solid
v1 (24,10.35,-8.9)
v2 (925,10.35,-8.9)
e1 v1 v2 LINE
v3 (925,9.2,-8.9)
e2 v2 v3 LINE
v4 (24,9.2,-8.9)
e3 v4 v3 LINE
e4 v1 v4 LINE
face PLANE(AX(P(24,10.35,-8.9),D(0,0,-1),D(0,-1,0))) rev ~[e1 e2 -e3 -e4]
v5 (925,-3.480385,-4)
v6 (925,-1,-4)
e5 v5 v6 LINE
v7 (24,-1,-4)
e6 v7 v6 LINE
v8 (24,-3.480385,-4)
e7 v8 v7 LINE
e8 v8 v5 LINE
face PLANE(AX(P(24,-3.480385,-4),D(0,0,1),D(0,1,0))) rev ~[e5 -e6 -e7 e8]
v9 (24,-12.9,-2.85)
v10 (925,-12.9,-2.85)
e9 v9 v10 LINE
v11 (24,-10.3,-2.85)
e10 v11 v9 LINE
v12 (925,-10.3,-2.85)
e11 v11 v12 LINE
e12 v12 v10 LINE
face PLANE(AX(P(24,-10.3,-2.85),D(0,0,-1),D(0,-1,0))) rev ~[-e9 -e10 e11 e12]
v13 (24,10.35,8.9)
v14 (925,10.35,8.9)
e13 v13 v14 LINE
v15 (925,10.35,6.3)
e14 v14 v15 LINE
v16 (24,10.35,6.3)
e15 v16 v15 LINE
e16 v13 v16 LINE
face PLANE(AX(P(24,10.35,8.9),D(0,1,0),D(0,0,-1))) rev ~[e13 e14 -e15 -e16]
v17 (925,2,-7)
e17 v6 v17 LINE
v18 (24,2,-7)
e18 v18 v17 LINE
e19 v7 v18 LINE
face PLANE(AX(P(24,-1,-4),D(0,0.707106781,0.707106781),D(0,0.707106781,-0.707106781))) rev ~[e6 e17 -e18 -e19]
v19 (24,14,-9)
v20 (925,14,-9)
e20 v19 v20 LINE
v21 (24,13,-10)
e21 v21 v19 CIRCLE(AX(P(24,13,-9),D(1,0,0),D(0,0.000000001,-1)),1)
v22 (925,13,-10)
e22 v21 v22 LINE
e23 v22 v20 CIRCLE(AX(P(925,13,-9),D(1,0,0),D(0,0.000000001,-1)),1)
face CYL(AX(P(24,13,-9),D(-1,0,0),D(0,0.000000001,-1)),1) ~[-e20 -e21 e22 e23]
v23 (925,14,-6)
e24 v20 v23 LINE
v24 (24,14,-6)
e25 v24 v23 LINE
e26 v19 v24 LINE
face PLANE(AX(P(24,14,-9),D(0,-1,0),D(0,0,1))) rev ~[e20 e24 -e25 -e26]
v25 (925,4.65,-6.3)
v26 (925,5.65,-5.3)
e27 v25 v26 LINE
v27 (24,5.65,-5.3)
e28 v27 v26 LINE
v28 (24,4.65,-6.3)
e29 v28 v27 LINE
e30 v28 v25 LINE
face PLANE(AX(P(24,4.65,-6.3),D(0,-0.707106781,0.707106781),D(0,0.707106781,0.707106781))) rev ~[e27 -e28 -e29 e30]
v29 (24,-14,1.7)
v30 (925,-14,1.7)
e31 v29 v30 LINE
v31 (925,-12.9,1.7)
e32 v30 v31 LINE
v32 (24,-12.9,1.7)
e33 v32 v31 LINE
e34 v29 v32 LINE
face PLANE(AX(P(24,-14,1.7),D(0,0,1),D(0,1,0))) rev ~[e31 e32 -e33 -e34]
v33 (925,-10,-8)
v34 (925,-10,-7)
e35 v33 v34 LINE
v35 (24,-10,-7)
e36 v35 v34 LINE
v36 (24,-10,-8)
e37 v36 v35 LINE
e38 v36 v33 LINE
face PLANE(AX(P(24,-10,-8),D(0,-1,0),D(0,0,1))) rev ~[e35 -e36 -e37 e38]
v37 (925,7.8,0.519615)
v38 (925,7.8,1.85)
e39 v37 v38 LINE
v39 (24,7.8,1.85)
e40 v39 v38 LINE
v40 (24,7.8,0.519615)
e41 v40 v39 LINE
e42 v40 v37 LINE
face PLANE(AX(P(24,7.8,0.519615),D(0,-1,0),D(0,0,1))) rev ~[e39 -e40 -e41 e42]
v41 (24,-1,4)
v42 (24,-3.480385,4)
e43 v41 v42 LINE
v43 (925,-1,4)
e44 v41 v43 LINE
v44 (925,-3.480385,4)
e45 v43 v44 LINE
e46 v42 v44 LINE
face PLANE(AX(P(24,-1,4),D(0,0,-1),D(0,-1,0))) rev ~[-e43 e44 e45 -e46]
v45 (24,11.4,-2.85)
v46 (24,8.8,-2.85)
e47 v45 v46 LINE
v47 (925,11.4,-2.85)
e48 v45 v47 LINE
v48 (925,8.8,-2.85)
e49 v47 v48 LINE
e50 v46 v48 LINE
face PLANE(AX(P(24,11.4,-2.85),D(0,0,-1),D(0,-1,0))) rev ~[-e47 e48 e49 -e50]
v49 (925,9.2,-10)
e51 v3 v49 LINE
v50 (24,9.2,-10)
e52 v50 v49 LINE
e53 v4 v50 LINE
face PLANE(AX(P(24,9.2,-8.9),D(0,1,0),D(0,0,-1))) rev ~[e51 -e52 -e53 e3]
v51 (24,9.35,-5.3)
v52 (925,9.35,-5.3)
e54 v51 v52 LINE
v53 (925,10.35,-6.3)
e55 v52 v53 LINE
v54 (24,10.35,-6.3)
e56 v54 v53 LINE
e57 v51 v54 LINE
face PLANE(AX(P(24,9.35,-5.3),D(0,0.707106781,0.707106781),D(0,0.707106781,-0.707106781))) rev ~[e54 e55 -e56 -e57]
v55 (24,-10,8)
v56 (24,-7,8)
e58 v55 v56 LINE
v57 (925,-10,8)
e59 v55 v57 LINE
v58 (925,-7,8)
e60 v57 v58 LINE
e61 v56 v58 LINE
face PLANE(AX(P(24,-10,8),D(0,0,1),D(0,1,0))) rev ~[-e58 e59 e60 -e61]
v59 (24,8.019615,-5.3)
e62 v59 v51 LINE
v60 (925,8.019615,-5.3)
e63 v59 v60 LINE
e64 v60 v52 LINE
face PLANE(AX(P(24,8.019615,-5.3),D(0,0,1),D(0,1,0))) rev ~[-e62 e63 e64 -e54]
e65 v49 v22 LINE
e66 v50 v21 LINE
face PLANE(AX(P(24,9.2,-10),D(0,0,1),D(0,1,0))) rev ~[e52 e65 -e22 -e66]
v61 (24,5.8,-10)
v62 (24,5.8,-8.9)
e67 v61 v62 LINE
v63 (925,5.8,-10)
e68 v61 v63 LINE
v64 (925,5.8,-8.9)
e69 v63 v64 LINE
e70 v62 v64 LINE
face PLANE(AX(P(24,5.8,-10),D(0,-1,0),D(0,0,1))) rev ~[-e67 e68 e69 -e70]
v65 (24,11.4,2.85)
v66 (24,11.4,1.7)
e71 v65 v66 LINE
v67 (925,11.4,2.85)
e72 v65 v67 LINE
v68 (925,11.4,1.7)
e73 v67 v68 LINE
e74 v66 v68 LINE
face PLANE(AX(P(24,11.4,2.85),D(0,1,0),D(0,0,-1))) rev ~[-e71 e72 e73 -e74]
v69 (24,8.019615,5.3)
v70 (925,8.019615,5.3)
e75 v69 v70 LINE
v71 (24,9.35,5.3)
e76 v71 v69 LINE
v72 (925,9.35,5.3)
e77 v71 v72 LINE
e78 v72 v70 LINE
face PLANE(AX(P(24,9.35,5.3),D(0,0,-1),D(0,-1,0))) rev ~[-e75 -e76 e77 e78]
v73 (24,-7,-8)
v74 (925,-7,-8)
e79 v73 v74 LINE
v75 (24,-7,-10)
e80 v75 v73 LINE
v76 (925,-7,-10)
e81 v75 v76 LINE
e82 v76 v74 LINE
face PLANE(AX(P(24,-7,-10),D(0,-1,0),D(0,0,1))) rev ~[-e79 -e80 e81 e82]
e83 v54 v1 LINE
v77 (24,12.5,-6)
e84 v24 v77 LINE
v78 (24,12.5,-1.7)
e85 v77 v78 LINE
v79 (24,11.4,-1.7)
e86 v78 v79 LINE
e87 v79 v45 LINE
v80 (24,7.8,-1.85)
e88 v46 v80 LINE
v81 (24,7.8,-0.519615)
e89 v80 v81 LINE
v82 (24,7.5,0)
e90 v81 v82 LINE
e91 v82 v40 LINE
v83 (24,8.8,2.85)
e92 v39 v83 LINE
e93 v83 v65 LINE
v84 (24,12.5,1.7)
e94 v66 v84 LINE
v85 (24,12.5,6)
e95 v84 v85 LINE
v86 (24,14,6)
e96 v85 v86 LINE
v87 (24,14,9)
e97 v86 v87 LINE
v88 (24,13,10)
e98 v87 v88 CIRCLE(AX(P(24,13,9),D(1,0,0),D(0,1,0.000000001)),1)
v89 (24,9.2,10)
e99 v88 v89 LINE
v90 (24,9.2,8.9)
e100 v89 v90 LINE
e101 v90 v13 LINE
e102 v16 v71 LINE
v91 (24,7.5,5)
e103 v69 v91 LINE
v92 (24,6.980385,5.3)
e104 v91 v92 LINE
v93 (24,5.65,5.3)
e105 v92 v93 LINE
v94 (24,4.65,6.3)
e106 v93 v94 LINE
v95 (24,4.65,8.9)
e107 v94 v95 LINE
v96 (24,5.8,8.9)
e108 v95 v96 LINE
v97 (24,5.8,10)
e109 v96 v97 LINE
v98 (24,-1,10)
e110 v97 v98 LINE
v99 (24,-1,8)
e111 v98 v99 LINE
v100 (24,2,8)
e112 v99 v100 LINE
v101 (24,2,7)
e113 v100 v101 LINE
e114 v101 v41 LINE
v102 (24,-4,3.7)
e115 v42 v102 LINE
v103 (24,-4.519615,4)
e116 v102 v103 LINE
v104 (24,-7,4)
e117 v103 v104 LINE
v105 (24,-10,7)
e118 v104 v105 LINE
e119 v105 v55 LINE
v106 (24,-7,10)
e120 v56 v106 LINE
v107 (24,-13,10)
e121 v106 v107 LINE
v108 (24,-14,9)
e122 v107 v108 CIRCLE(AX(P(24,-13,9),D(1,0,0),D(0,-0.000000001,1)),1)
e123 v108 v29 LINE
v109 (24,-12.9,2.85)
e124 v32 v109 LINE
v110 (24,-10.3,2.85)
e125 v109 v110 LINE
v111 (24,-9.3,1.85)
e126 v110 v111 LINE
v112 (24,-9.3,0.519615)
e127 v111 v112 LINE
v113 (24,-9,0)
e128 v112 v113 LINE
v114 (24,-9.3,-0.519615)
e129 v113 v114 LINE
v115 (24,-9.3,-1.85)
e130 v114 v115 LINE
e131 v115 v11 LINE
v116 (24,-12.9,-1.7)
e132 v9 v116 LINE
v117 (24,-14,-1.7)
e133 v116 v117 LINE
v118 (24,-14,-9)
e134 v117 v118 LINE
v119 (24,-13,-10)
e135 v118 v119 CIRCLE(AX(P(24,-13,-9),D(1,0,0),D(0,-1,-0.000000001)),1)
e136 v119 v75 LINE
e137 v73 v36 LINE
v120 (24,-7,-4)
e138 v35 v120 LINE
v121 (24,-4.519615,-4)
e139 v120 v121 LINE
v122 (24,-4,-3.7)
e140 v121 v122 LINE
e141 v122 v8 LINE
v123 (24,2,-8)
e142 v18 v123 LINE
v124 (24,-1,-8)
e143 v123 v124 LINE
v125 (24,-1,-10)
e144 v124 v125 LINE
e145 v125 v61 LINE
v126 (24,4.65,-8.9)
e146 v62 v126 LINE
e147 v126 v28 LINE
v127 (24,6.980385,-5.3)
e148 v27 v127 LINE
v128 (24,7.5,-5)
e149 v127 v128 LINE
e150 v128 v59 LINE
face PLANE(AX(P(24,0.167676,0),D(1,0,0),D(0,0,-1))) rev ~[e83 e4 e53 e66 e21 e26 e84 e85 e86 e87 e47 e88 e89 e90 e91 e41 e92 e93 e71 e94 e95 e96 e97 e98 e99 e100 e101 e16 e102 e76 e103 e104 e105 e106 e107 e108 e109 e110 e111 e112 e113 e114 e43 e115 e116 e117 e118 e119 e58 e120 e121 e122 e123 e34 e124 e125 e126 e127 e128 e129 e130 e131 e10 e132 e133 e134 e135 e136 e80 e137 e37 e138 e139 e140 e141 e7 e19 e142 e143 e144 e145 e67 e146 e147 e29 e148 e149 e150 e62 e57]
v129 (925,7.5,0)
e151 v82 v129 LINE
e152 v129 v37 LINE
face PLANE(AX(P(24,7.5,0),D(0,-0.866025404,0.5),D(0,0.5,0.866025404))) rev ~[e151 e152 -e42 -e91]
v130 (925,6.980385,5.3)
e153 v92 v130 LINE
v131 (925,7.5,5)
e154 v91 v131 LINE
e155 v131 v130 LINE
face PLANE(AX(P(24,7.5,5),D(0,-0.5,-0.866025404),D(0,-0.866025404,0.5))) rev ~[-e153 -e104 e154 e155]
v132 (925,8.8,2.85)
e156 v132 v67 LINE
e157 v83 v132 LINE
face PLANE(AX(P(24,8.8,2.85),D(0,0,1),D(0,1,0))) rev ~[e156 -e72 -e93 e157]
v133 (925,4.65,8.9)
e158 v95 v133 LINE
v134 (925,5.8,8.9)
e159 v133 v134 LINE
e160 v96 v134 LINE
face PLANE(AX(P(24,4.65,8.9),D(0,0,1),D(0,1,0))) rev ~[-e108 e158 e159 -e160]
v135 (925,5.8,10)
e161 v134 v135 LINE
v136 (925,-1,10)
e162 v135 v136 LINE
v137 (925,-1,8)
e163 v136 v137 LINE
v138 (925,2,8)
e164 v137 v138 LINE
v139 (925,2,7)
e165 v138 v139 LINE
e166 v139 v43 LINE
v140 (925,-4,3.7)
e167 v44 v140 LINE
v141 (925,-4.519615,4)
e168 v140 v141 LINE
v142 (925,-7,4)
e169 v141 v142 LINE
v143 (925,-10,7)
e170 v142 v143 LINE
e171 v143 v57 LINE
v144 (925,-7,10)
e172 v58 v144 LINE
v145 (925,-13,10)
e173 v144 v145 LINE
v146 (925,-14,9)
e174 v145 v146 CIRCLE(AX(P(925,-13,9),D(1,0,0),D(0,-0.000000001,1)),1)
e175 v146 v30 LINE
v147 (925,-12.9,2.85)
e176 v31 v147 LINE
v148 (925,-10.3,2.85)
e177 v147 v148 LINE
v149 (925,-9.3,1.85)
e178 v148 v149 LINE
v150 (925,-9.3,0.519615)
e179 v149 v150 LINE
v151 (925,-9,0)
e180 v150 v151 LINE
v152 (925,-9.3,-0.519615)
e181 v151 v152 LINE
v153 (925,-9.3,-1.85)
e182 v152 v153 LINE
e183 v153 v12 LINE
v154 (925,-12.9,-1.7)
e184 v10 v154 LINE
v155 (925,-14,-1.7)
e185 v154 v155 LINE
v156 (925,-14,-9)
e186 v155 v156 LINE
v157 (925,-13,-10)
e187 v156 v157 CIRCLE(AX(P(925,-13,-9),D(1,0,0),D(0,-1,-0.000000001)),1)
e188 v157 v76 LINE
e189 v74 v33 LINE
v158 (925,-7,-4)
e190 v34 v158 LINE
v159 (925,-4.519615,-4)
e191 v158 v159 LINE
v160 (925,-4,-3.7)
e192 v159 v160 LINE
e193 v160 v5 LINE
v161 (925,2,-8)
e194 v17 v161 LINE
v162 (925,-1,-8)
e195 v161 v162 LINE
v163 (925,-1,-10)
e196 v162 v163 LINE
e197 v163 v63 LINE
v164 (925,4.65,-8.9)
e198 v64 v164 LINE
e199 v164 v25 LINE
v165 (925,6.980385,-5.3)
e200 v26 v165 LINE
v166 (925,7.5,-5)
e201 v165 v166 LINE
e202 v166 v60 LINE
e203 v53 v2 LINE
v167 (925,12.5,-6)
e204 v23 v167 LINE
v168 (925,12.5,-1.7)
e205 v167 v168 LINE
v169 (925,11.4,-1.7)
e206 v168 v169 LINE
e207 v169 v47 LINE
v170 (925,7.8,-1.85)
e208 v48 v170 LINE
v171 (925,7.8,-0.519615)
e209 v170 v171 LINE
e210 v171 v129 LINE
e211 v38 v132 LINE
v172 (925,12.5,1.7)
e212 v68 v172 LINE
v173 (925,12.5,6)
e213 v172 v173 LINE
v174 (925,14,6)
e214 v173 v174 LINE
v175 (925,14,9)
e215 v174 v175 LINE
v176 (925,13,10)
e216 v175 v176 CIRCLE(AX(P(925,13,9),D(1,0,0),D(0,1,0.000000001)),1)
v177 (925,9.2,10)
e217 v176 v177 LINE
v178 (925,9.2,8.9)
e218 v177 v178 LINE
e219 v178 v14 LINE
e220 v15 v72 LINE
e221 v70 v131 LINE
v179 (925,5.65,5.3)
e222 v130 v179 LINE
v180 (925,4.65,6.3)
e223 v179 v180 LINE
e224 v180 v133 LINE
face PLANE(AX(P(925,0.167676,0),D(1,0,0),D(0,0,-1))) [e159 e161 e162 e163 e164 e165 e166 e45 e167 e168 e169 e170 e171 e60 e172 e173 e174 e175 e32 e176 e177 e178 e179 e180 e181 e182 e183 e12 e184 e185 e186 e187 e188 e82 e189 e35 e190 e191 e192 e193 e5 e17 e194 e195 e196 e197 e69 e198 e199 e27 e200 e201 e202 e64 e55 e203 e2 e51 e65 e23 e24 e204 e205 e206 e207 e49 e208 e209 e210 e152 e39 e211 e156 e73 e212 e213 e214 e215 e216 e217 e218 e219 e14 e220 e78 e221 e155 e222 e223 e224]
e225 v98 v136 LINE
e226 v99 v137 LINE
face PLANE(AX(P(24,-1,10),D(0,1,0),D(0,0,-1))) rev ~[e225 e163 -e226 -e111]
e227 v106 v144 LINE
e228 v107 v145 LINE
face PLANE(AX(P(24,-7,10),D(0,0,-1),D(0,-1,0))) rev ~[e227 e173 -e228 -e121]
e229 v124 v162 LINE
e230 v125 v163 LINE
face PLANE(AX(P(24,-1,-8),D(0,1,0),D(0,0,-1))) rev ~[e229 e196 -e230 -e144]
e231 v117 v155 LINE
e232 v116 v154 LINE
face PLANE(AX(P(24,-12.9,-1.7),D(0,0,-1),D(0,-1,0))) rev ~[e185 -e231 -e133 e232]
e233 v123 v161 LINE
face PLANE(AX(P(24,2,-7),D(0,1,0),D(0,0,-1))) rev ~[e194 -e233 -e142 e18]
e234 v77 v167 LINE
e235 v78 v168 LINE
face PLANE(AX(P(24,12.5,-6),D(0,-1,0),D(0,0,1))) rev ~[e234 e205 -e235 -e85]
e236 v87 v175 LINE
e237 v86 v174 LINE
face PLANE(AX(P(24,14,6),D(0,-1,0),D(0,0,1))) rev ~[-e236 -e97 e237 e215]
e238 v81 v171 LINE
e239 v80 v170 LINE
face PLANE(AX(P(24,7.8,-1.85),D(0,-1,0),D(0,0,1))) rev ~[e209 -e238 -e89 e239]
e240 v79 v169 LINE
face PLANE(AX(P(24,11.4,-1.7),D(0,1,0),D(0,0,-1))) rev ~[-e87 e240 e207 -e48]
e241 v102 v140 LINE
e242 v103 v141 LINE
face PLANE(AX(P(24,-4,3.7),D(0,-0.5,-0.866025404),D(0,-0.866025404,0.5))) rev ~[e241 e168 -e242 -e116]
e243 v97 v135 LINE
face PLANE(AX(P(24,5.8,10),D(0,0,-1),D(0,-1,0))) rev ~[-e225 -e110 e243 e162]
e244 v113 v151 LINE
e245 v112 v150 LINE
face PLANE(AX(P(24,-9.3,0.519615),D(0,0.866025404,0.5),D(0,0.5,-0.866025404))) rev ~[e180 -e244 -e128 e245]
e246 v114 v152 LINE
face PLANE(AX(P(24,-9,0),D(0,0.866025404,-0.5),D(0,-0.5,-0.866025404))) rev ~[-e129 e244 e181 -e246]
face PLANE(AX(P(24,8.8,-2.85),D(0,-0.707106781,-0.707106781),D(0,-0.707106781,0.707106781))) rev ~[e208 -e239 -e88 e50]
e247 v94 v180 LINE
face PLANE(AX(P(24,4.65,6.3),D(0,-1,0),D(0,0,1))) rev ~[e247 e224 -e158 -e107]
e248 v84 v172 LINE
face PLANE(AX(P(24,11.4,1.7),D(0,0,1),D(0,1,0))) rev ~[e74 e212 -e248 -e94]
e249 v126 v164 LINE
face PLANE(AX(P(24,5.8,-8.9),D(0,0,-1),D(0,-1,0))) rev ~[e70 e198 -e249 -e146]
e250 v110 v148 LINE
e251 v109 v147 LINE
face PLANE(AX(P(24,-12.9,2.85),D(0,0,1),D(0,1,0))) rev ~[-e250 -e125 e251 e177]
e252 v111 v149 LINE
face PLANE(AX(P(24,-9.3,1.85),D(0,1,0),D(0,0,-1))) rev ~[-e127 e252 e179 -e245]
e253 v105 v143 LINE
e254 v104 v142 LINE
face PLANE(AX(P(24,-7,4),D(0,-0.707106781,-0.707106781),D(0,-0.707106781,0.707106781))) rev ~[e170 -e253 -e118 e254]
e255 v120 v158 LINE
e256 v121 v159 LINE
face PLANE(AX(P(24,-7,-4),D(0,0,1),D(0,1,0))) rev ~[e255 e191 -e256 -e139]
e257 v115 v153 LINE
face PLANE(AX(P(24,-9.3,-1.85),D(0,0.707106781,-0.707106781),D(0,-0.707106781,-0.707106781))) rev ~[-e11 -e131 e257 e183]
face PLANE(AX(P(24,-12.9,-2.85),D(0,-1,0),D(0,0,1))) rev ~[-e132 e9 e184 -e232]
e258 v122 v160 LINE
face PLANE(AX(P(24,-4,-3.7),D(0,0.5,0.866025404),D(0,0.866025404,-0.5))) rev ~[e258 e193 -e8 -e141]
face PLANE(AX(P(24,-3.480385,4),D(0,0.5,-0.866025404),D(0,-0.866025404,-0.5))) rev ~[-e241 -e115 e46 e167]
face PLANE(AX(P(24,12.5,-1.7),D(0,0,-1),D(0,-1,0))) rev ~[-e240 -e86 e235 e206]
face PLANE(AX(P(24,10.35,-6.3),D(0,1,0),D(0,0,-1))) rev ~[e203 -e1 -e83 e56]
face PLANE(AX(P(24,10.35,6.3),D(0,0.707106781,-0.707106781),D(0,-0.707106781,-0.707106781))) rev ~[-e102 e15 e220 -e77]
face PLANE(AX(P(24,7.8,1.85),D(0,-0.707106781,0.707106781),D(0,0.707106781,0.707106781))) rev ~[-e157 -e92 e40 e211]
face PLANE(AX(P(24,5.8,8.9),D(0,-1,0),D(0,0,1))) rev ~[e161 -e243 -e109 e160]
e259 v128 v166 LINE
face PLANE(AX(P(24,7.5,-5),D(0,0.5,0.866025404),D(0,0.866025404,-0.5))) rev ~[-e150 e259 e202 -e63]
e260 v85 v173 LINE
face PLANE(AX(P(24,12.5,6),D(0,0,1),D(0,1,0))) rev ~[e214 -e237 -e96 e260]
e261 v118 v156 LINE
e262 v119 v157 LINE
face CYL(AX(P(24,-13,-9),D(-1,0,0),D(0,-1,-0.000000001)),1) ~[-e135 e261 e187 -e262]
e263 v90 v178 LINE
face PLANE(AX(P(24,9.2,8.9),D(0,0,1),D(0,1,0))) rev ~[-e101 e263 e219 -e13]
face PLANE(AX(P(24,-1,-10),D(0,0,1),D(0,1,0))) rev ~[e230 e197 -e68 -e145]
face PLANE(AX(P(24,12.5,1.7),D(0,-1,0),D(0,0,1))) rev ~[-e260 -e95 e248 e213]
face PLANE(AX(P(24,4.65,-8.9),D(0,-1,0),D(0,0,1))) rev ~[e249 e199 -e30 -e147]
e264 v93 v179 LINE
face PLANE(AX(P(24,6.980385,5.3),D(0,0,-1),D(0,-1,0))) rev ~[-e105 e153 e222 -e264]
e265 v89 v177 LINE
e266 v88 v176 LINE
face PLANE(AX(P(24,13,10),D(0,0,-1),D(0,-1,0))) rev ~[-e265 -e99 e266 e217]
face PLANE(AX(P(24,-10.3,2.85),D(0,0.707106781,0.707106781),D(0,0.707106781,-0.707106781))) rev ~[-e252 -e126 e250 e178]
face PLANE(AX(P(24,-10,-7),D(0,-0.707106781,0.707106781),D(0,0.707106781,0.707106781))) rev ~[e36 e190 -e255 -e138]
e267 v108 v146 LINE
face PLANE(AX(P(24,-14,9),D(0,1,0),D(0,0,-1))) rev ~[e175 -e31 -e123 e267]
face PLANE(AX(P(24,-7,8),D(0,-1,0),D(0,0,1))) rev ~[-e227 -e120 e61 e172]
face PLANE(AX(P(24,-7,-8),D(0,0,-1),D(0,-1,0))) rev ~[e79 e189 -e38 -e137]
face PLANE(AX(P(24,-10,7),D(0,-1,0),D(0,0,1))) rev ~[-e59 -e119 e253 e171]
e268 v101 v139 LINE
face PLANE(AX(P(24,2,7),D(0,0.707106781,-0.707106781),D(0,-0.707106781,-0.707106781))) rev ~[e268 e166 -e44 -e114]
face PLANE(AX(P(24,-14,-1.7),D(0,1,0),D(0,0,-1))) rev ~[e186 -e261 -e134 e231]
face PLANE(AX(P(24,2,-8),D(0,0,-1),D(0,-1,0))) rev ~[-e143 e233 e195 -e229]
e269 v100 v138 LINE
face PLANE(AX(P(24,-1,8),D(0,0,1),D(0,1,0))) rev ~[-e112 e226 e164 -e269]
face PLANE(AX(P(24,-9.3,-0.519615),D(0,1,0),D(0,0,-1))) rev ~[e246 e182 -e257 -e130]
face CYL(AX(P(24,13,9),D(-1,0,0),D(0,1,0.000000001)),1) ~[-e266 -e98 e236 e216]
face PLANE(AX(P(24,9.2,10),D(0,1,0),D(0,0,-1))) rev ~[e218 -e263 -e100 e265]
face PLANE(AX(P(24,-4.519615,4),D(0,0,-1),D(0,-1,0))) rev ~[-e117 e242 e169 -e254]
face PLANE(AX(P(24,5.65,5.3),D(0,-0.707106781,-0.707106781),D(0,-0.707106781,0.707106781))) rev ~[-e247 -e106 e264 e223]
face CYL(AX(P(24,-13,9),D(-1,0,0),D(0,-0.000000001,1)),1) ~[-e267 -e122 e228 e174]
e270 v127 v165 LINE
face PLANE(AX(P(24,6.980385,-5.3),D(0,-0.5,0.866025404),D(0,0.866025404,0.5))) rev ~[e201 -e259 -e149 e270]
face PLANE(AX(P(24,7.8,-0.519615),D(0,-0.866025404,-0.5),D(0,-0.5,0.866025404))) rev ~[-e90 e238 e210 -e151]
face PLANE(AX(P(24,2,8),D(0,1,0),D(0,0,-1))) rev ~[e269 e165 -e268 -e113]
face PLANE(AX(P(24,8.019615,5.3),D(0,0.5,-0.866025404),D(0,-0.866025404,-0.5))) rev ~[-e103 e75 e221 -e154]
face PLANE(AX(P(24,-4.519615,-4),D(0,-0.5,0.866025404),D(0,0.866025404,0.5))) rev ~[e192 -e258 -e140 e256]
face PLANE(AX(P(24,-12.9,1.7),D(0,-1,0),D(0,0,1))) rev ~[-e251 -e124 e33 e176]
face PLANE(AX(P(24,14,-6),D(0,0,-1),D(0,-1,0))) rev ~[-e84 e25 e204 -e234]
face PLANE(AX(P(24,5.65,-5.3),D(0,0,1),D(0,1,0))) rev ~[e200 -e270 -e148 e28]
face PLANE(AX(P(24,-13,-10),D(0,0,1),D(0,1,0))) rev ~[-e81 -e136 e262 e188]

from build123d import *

# Parameters (mm, degrees)
BOSS_EXTRUDE1_DEPTH = 901


with BuildPart() as part:
    # Sketch1 → Boss-Extrude1 (new body)
    with BuildSketch(Plane(origin=(24, 0, 0), x_dir=(0, 0, -1), z_dir=(1, 0, 0))):
        with BuildLine():
            Line((-5.3, 9.35), (-5.3, 8.019615242))
            Line((-5.3, 8.019615242), (-5, 7.5))
            Line((-5, 7.5), (-5.3, 6.980384758))
            Line((-5.3, 6.980384758), (-5.3, 5.65))
            Line((-5.3, 5.65), (-6.3, 4.65))
            Line((-6.3, 4.65), (-8.9, 4.65))
            Line((-8.9, 4.65), (-8.9, 5.8))
            Line((-8.9, 5.8), (-10, 5.8))
            Line((-10, 5.8), (-10, -1))
            Line((-10, -1), (-8, -1))
            Line((-8, -1), (-8, 2))
            Line((-8, 2), (-7, 2))
            Line((-7, 2), (-4, -1))
            Line((-4, -1), (-4, -3.480384758))
            Line((-4, -3.480384758), (-3.7, -4))
            Line((-3.7, -4), (-4, -4.519615242))
            Line((-4, -4.519615242), (-4, -7))
            Line((-4, -7), (-7, -10))
            Line((-7, -10), (-8, -10))
            Line((-8, -10), (-8, -7))
            Line((-8, -7), (-10, -7))
            Line((-10, -7), (-10, -13))
            ThreePointArc((-10, -13), (-9.707106781, -13.707106781), (-9, -14))
            Line((-9, -14), (-1.7, -14))
            Line((-1.7, -14), (-1.7, -12.9))
            Line((-1.7, -12.9), (-2.85, -12.9))
            Line((-2.85, -12.9), (-2.85, -10.3))
            Line((-2.85, -10.3), (-1.85, -9.3))
            Line((-1.85, -9.3), (-0.519615242, -9.3))
            Line((-0.519615242, -9.3), (0, -9))
            Line((0, -9), (0.519615242, -9.3))
            Line((0.519615242, -9.3), (1.85, -9.3))
            Line((1.85, -9.3), (2.85, -10.3))
            Line((2.85, -10.3), (2.85, -12.9))
            Line((2.85, -12.9), (1.7, -12.9))
            Line((1.7, -12.9), (1.7, -14))
            Line((1.7, -14), (9, -14))
            ThreePointArc((9, -14), (9.707106781, -13.707106781), (10, -13))
            Line((10, -13), (10, -7))
            Line((10, -7), (8, -7))
            Line((8, -7), (8, -10))
            Line((8, -10), (7, -10))
            Line((7, -10), (4, -7))
            Line((4, -7), (4, -4.519615242))
            Line((4, -4.519615242), (3.7, -4))
            Line((3.7, -4), (4, -3.480384758))
            Line((4, -3.480384758), (4, -1))
            Line((4, -1), (7, 2))
            Line((7, 2), (8, 2))
            Line((8, 2), (8, -1))
            Line((8, -1), (10, -1))
            Line((10, -1), (10, 5.8))
            Line((10, 5.8), (8.9, 5.8))
            Line((8.9, 5.8), (8.9, 4.65))
            Line((8.9, 4.65), (6.3, 4.65))
            Line((6.3, 4.65), (5.3, 5.65))
            Line((5.3, 5.65), (5.3, 6.980384758))
            Line((5.3, 6.980384758), (5, 7.5))
            Line((5, 7.5), (5.3, 8.019615242))
            Line((5.3, 8.019615242), (5.3, 9.35))
            Line((5.3, 9.35), (6.3, 10.35))
            Line((6.3, 10.35), (8.9, 10.35))
            Line((8.9, 10.35), (8.9, 9.2))
            Line((8.9, 9.2), (10, 9.2))
            Line((10, 9.2), (10, 13))
            ThreePointArc((10, 13), (9.707106781, 13.707106781), (9, 14))
            Line((9, 14), (6, 14))
            Line((6, 14), (6, 12.5))
            Line((6, 12.5), (1.7, 12.5))
            Line((1.7, 12.5), (1.7, 11.4))
            Line((1.7, 11.4), (2.85, 11.4))
            Line((2.85, 11.4), (2.85, 8.8))
            Line((2.85, 8.8), (1.85, 7.8))
            Line((1.85, 7.8), (0.519615242, 7.8))
            Line((0.519615242, 7.8), (0, 7.5))
            Line((0, 7.5), (-0.519615242, 7.8))
            Line((-0.519615242, 7.8), (-1.85, 7.8))
            Line((-1.85, 7.8), (-2.85, 8.8))
            Line((-2.85, 8.8), (-2.85, 11.4))
            Line((-2.85, 11.4), (-1.7, 11.4))
            Line((-1.7, 11.4), (-1.7, 12.5))
            Line((-1.7, 12.5), (-6, 12.5))
            Line((-6, 12.5), (-6, 14))
            Line((-6, 14), (-9, 14))
            ThreePointArc((-9, 14), (-9.707106781, 13.707106781), (-10, 13))
            Line((-10, 13), (-10, 9.2))
            Line((-10, 9.2), (-8.9, 9.2))
            Line((-8.9, 9.2), (-8.9, 10.35))
            Line((-8.9, 10.35), (-6.3, 10.35))
            Line((-6.3, 10.35), (-5.3, 9.35))
        make_face()
    extrude(amount=BOSS_EXTRUDE1_DEPTH)


solid = part.part
